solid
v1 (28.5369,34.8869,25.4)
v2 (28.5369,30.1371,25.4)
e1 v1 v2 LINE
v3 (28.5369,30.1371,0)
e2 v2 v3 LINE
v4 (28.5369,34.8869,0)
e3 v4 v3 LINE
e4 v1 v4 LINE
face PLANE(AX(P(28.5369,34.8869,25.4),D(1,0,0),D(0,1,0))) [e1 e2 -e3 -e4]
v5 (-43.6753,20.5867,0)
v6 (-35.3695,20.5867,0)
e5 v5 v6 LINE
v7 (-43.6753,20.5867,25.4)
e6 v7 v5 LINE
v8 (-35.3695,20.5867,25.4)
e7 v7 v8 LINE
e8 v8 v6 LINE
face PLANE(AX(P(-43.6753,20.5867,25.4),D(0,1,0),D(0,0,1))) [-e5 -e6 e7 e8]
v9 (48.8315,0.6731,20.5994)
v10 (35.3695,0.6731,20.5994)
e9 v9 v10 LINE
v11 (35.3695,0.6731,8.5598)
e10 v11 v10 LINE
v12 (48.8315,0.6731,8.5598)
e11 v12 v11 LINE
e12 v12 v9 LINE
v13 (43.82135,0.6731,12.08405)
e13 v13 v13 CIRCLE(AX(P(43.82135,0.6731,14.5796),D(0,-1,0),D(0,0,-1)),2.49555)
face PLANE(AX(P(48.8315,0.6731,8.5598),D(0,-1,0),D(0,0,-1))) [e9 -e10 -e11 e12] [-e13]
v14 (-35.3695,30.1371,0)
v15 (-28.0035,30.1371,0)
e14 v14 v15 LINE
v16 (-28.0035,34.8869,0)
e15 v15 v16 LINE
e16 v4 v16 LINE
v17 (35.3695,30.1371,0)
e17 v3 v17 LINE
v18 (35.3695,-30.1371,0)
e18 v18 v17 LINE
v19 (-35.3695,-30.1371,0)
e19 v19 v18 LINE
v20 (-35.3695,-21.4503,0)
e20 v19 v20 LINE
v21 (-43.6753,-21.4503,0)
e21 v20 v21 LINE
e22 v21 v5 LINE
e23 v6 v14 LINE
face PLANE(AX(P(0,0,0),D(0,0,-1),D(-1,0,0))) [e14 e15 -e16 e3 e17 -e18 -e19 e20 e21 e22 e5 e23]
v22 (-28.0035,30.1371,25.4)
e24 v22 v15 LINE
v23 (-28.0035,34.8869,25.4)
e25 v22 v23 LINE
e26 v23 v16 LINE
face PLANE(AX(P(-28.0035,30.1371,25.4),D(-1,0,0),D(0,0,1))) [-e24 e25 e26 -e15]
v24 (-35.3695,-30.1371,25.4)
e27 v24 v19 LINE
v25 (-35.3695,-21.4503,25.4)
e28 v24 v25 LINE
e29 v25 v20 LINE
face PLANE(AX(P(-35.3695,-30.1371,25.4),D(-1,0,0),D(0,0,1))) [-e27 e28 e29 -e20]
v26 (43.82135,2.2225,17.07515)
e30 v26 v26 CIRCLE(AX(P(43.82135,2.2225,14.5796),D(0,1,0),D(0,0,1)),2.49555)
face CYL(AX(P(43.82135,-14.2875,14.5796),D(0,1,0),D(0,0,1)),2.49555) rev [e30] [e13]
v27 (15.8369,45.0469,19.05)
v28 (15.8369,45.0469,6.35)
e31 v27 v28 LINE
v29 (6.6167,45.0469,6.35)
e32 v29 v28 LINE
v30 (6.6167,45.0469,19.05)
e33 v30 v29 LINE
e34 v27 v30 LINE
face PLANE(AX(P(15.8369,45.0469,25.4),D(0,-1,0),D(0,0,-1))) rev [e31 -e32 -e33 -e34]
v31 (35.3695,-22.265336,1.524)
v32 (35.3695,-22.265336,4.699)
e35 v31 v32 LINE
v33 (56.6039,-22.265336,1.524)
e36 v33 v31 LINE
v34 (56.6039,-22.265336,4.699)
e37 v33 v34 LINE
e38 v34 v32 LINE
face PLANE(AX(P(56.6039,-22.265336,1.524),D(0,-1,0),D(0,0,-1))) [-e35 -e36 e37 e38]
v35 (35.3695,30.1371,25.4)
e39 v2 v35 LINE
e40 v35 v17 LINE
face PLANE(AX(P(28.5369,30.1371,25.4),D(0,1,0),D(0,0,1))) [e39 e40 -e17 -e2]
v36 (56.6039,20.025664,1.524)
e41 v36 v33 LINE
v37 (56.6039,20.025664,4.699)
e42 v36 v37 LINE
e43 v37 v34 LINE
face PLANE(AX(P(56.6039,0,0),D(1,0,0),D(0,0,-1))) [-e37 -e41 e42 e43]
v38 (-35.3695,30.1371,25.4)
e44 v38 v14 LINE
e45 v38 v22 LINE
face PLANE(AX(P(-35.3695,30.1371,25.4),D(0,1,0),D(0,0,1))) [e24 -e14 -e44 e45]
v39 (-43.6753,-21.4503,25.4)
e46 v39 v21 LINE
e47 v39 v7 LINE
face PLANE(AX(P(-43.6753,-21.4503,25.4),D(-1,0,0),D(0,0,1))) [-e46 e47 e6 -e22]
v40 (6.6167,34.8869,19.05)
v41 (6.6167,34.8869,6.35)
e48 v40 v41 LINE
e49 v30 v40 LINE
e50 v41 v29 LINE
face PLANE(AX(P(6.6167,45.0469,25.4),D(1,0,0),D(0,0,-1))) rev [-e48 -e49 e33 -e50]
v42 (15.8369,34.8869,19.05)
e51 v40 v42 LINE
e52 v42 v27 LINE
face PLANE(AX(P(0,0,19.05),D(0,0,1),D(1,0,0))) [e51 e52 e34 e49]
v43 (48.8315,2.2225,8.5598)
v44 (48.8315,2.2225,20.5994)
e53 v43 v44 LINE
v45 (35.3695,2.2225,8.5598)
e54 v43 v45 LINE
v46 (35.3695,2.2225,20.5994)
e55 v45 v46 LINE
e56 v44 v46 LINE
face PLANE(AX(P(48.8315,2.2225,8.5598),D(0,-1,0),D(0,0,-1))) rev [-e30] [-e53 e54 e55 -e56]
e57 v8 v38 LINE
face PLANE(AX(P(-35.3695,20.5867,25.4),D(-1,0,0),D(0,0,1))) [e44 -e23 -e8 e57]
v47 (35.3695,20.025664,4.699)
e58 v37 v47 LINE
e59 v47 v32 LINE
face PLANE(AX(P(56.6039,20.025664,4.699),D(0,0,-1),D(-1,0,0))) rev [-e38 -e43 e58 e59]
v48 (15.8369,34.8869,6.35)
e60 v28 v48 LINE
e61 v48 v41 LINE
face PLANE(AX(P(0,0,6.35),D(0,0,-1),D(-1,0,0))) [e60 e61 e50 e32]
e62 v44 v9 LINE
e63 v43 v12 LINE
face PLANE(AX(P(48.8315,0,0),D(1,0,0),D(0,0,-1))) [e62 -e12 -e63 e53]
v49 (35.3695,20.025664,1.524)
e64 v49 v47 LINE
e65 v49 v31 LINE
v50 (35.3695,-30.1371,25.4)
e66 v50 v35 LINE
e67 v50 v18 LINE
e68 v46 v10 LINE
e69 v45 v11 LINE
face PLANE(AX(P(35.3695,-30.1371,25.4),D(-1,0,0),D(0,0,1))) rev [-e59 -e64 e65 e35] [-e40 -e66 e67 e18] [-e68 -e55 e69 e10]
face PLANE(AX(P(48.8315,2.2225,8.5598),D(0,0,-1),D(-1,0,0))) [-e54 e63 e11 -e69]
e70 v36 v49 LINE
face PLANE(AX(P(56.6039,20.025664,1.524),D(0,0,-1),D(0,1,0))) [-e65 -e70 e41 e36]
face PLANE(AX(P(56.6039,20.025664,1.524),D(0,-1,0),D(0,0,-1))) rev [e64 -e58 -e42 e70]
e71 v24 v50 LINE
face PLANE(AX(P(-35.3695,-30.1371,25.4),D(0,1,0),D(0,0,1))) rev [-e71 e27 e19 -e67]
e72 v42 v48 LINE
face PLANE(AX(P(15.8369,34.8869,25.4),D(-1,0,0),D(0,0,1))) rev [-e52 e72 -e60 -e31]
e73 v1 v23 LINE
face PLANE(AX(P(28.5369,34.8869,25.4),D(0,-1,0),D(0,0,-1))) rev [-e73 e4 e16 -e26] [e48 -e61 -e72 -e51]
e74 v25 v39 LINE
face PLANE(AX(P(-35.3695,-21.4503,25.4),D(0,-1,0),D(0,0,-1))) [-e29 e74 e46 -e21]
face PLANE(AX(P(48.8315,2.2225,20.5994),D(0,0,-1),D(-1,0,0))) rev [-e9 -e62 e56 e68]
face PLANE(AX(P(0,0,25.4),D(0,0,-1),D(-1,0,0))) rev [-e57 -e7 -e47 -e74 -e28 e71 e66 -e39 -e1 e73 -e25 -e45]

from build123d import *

# Parameters (mm, degrees)
BOSS_EXTRUDE1_DEPTH = 25.4
SKETCH2_W           = 3.175
SKETCH2_H           = 42.291
BOSS_EXTRUDE2_DEPTH = 21.2344
SKETCH3_W           = 12.0396
SKETCH3_H           = 1.5494
BOSS_EXTRUDE3_DEPTH = 13.462
SKETCH4_R           = 2.49555
CUT_EXTRUDE1_DEPTH  = 16.51
SKETCH5_W           = 9.2202
SKETCH5_H           = 10.16
CUT_EXTRUDE2_DEPTH  = 6.35
SKETCH6_W           = 9.2202
SKETCH6_H           = 10.16
CUT_EXTRUDE3_DEPTH  = 6.35


with BuildPart() as part:
    # Sketch1 → Boss-Extrude1 (new body)
    with BuildSketch(Plane.XY):
        Polygon((28.5369, 30.1371), (35.3695, 30.1371), (35.3695, -30.1371), (-35.3695, -30.1371), (-35.3695, -21.4503), (-43.6753, -21.4503), (-43.6753, 20.5867), (-35.3695, 20.5867), (-35.3695, 30.1371), (-28.0035, 30.1371), (-28.0035, 34.8869), (6.6167, 34.8869), (6.6167, 45.0469), (15.8369, 45.0469), (15.8369, 34.8869), (28.5369, 34.8869), align=None)
    extrude(amount=BOSS_EXTRUDE1_DEPTH)

    # Sketch2 → Boss-Extrude2 (add)
    with BuildSketch(Plane(origin=(35.3695, 0, 0), x_dir=(0, 0, -1), z_dir=(1, 0, 0))):
        with Locations((-3.1115, -1.11983587)):
            Rectangle(SKETCH2_W, SKETCH2_H)
    extrude(amount=BOSS_EXTRUDE2_DEPTH)

    # Sketch3 → Boss-Extrude3 (add)
    with BuildSketch(Plane(origin=(35.3695, 0, 0), x_dir=(0, 0, -1), z_dir=(1, 0, 0))):
        with Locations((-14.5796, 1.4478)):
            Rectangle(SKETCH3_W, SKETCH3_H)
    extrude(amount=BOSS_EXTRUDE3_DEPTH)

    # Sketch4 → Cut-Extrude1 (cut)
    with BuildSketch(Plane(origin=(0, 2.2225, 0), x_dir=(1, 0, 0), z_dir=(0, 1, 0))):
        with Locations(Location((43.82135, -14.5796, 0), (0, 0, 270))):
            Circle(SKETCH4_R)
    extrude(amount=-CUT_EXTRUDE1_DEPTH, mode=Mode.SUBTRACT)

    # Sketch5 → Cut-Extrude2 (cut)
    with BuildSketch(Plane.XY.offset(25.4)):
        with Locations((11.2268, 39.9669)):
            Rectangle(SKETCH5_W, SKETCH5_H)
    extrude(amount=-CUT_EXTRUDE2_DEPTH, mode=Mode.SUBTRACT)

    # Sketch6 → Cut-Extrude3 (cut)
    with BuildSketch(Plane(origin=(0, 0, 0), x_dir=(-1, 0, 0), z_dir=(0, 0, -1))):
        with Locations((-11.2268, 39.9669)):
            Rectangle(SKETCH6_W, SKETCH6_H)
    extrude(amount=-CUT_EXTRUDE3_DEPTH, mode=Mode.SUBTRACT)


solid = part.part
